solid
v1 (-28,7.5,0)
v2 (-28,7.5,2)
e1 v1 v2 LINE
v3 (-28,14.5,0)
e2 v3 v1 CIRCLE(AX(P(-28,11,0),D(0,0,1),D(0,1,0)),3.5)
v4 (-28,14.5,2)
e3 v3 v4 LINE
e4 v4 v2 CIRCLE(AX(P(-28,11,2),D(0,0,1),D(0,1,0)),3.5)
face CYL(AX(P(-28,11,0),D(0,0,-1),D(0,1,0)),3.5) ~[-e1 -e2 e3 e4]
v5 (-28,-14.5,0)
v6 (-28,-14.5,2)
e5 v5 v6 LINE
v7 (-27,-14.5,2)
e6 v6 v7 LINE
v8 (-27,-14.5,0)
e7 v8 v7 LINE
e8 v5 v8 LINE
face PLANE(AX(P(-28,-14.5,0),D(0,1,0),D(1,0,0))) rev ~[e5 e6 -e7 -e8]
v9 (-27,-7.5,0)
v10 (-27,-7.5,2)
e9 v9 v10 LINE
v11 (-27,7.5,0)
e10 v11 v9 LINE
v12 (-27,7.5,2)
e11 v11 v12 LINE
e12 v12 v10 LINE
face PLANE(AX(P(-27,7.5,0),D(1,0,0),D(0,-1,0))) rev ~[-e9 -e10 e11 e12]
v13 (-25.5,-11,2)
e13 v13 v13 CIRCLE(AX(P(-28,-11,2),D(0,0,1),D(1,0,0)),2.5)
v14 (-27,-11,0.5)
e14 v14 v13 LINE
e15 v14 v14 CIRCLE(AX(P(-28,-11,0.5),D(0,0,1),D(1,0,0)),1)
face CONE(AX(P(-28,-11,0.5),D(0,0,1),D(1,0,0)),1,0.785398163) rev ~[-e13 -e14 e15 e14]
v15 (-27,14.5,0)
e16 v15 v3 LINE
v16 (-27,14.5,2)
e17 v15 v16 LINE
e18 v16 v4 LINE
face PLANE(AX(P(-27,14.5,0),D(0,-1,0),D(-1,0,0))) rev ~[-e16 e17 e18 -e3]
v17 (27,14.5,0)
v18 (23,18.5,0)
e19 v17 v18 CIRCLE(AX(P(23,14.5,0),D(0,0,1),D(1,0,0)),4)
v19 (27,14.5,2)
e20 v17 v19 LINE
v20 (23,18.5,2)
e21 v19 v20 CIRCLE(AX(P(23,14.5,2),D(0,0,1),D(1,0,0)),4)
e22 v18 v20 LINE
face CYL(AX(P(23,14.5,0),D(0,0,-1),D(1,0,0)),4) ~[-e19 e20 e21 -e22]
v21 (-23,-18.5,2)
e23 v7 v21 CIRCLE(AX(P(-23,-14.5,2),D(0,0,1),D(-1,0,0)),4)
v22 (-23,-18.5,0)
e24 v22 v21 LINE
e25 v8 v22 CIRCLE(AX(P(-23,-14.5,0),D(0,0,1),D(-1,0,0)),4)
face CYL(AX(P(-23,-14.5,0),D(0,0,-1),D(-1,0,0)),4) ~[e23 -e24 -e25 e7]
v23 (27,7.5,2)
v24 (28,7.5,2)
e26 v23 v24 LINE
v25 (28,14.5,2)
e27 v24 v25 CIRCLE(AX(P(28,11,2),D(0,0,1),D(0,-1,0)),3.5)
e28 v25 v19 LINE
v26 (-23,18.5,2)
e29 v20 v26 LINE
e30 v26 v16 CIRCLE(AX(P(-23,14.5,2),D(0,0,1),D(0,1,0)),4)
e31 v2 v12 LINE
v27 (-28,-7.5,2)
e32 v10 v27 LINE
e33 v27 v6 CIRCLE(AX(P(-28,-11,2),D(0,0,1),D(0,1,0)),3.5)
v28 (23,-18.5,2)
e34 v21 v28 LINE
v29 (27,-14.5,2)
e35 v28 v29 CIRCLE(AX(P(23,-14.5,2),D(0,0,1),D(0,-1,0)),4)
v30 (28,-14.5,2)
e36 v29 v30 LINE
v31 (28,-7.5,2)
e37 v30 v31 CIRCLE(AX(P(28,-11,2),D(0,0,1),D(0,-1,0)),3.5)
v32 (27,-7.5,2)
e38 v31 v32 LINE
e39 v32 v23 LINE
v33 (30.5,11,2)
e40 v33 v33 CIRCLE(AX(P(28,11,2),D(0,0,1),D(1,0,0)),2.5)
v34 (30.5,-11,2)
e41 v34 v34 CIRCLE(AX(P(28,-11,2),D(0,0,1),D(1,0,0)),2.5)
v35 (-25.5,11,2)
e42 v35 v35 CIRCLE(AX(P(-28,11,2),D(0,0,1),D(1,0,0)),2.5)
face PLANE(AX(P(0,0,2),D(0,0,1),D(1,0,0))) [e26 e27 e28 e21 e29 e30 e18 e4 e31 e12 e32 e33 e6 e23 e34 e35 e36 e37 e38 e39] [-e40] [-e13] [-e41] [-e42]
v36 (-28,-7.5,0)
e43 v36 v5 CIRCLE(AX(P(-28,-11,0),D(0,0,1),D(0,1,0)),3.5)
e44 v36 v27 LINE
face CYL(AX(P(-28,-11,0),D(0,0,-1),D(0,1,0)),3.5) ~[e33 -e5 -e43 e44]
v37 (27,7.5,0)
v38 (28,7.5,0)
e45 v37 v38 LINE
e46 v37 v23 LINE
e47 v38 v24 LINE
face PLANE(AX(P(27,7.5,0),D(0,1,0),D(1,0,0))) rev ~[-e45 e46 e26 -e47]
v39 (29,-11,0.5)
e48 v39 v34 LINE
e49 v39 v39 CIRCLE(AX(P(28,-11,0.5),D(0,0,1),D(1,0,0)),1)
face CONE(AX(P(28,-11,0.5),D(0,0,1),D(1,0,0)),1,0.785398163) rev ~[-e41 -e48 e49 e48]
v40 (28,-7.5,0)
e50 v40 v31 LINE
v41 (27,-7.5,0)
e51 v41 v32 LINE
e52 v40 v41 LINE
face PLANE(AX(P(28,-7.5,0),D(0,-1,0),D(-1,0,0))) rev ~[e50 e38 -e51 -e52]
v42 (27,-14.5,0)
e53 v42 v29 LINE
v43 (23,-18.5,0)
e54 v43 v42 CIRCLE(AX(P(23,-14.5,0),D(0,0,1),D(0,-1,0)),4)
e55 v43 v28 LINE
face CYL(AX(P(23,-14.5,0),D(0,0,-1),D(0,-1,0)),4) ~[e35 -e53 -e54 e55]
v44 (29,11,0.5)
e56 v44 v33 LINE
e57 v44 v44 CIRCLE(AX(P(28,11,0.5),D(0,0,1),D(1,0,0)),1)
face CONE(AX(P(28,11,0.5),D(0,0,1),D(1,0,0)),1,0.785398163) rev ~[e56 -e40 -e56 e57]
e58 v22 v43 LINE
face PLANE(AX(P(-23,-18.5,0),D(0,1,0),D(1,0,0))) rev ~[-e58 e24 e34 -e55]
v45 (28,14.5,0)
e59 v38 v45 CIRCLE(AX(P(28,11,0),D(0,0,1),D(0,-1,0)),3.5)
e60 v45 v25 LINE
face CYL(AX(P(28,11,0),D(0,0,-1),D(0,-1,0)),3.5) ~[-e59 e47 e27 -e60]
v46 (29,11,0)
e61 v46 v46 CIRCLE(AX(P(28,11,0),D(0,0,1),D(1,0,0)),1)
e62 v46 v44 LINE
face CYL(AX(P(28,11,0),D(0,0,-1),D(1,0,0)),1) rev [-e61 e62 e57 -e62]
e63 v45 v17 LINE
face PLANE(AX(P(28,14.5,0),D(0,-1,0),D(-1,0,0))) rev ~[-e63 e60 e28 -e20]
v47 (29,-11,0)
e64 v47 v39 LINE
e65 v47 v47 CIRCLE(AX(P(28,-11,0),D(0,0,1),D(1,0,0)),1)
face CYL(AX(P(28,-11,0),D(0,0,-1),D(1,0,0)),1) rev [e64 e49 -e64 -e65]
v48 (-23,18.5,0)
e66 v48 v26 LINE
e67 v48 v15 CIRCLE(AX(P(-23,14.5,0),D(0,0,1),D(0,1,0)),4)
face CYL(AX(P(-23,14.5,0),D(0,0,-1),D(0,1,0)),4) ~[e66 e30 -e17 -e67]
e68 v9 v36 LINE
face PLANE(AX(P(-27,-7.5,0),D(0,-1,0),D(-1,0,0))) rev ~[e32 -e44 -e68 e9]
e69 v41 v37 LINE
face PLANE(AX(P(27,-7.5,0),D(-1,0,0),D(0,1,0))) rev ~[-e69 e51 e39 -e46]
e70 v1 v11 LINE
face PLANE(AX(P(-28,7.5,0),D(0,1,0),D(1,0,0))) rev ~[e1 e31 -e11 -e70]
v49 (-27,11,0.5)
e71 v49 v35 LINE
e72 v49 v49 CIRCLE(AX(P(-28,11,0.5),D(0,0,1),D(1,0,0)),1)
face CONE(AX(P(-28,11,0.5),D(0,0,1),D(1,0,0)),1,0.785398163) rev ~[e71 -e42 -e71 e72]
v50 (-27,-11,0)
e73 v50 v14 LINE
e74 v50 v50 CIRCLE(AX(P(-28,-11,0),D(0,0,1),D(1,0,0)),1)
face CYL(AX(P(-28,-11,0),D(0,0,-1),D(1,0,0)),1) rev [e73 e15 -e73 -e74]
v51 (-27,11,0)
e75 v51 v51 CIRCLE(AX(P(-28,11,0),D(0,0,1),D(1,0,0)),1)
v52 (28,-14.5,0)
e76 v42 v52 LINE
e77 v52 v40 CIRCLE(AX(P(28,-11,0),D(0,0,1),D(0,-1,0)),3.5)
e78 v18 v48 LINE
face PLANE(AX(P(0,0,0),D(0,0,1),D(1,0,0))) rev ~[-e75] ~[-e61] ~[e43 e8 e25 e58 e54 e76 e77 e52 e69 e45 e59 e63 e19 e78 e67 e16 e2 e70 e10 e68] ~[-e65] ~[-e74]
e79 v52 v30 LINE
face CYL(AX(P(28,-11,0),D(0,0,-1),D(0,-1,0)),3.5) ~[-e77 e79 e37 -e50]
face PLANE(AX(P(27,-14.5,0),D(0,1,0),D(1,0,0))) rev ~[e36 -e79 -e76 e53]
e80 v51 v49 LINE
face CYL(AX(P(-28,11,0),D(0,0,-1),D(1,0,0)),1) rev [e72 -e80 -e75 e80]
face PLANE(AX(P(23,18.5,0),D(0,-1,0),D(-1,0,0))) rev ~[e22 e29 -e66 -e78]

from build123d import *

# Parameters (mm, degrees)
SCHIZZO1_R                   = 1
ESTRUSIONE_ESTRUSIONE1_DEPTH = 2
SMUSSO1_SIZE                 = 1.5


with BuildPart() as part:
    # Schizzo1 → Estrusione-Estrusione1 (new body)
    with BuildSketch(Plane.XY):
        with BuildLine():
            Line((-23, -18.5), (23, -18.5))
            ThreePointArc((23, -18.5), (25.828427125, -17.328427125), (27, -14.5))
            Line((27, -14.5), (28, -14.5))
            ThreePointArc((28, -14.5), (31.5, -11), (28, -7.5))
            Line((28, -7.5), (27, -7.5))
            Line((27, -7.5), (27, 7.5))
            Line((27, 7.5), (28, 7.5))
            ThreePointArc((28, 7.5), (31.5, 11), (28, 14.5))
            Line((28, 14.5), (27, 14.5))
            ThreePointArc((27, 14.5), (25.828427125, 17.328427125), (23, 18.5))
            Line((23, 18.5), (-23, 18.5))
            ThreePointArc((-23, 18.5), (-25.828427125, 17.328427125), (-27, 14.5))
            Line((-27, 14.5), (-28, 14.5))
            ThreePointArc((-28, 14.5), (-31.5, 11), (-28, 7.5))
            Line((-28, 7.5), (-27, 7.5))
            Line((-27, 7.5), (-27, -7.5))
            Line((-27, -7.5), (-28, -7.5))
            ThreePointArc((-28, -7.5), (-31.5, -11), (-28, -14.5))
            Line((-28, -14.5), (-27, -14.5))
            ThreePointArc((-27, -14.5), (-25.828427125, -17.328427125), (-23, -18.5))
        make_face()
        with Locations((-28, 11)):
            Circle(SCHIZZO1_R, mode=Mode.SUBTRACT)
        with Locations((-28, -11)):
            Circle(SCHIZZO1_R, mode=Mode.SUBTRACT)
        with Locations((28, -11)):
            Circle(SCHIZZO1_R, mode=Mode.SUBTRACT)
        with Locations((28, 11)):
            Circle(SCHIZZO1_R, mode=Mode.SUBTRACT)
    extrude(amount=ESTRUSIONE_ESTRUSIONE1_DEPTH)

    # Smusso1
    smusso1_edges = [part.edges().sort_by_distance(p)[0] for p in [
        (-29, 11, 2),
        (-29, -11, 2),
        (27, -11, 2),
        (27, 11, 2),
    ]]
    chamfer(smusso1_edges, length=SMUSSO1_SIZE)


solid = part.part
